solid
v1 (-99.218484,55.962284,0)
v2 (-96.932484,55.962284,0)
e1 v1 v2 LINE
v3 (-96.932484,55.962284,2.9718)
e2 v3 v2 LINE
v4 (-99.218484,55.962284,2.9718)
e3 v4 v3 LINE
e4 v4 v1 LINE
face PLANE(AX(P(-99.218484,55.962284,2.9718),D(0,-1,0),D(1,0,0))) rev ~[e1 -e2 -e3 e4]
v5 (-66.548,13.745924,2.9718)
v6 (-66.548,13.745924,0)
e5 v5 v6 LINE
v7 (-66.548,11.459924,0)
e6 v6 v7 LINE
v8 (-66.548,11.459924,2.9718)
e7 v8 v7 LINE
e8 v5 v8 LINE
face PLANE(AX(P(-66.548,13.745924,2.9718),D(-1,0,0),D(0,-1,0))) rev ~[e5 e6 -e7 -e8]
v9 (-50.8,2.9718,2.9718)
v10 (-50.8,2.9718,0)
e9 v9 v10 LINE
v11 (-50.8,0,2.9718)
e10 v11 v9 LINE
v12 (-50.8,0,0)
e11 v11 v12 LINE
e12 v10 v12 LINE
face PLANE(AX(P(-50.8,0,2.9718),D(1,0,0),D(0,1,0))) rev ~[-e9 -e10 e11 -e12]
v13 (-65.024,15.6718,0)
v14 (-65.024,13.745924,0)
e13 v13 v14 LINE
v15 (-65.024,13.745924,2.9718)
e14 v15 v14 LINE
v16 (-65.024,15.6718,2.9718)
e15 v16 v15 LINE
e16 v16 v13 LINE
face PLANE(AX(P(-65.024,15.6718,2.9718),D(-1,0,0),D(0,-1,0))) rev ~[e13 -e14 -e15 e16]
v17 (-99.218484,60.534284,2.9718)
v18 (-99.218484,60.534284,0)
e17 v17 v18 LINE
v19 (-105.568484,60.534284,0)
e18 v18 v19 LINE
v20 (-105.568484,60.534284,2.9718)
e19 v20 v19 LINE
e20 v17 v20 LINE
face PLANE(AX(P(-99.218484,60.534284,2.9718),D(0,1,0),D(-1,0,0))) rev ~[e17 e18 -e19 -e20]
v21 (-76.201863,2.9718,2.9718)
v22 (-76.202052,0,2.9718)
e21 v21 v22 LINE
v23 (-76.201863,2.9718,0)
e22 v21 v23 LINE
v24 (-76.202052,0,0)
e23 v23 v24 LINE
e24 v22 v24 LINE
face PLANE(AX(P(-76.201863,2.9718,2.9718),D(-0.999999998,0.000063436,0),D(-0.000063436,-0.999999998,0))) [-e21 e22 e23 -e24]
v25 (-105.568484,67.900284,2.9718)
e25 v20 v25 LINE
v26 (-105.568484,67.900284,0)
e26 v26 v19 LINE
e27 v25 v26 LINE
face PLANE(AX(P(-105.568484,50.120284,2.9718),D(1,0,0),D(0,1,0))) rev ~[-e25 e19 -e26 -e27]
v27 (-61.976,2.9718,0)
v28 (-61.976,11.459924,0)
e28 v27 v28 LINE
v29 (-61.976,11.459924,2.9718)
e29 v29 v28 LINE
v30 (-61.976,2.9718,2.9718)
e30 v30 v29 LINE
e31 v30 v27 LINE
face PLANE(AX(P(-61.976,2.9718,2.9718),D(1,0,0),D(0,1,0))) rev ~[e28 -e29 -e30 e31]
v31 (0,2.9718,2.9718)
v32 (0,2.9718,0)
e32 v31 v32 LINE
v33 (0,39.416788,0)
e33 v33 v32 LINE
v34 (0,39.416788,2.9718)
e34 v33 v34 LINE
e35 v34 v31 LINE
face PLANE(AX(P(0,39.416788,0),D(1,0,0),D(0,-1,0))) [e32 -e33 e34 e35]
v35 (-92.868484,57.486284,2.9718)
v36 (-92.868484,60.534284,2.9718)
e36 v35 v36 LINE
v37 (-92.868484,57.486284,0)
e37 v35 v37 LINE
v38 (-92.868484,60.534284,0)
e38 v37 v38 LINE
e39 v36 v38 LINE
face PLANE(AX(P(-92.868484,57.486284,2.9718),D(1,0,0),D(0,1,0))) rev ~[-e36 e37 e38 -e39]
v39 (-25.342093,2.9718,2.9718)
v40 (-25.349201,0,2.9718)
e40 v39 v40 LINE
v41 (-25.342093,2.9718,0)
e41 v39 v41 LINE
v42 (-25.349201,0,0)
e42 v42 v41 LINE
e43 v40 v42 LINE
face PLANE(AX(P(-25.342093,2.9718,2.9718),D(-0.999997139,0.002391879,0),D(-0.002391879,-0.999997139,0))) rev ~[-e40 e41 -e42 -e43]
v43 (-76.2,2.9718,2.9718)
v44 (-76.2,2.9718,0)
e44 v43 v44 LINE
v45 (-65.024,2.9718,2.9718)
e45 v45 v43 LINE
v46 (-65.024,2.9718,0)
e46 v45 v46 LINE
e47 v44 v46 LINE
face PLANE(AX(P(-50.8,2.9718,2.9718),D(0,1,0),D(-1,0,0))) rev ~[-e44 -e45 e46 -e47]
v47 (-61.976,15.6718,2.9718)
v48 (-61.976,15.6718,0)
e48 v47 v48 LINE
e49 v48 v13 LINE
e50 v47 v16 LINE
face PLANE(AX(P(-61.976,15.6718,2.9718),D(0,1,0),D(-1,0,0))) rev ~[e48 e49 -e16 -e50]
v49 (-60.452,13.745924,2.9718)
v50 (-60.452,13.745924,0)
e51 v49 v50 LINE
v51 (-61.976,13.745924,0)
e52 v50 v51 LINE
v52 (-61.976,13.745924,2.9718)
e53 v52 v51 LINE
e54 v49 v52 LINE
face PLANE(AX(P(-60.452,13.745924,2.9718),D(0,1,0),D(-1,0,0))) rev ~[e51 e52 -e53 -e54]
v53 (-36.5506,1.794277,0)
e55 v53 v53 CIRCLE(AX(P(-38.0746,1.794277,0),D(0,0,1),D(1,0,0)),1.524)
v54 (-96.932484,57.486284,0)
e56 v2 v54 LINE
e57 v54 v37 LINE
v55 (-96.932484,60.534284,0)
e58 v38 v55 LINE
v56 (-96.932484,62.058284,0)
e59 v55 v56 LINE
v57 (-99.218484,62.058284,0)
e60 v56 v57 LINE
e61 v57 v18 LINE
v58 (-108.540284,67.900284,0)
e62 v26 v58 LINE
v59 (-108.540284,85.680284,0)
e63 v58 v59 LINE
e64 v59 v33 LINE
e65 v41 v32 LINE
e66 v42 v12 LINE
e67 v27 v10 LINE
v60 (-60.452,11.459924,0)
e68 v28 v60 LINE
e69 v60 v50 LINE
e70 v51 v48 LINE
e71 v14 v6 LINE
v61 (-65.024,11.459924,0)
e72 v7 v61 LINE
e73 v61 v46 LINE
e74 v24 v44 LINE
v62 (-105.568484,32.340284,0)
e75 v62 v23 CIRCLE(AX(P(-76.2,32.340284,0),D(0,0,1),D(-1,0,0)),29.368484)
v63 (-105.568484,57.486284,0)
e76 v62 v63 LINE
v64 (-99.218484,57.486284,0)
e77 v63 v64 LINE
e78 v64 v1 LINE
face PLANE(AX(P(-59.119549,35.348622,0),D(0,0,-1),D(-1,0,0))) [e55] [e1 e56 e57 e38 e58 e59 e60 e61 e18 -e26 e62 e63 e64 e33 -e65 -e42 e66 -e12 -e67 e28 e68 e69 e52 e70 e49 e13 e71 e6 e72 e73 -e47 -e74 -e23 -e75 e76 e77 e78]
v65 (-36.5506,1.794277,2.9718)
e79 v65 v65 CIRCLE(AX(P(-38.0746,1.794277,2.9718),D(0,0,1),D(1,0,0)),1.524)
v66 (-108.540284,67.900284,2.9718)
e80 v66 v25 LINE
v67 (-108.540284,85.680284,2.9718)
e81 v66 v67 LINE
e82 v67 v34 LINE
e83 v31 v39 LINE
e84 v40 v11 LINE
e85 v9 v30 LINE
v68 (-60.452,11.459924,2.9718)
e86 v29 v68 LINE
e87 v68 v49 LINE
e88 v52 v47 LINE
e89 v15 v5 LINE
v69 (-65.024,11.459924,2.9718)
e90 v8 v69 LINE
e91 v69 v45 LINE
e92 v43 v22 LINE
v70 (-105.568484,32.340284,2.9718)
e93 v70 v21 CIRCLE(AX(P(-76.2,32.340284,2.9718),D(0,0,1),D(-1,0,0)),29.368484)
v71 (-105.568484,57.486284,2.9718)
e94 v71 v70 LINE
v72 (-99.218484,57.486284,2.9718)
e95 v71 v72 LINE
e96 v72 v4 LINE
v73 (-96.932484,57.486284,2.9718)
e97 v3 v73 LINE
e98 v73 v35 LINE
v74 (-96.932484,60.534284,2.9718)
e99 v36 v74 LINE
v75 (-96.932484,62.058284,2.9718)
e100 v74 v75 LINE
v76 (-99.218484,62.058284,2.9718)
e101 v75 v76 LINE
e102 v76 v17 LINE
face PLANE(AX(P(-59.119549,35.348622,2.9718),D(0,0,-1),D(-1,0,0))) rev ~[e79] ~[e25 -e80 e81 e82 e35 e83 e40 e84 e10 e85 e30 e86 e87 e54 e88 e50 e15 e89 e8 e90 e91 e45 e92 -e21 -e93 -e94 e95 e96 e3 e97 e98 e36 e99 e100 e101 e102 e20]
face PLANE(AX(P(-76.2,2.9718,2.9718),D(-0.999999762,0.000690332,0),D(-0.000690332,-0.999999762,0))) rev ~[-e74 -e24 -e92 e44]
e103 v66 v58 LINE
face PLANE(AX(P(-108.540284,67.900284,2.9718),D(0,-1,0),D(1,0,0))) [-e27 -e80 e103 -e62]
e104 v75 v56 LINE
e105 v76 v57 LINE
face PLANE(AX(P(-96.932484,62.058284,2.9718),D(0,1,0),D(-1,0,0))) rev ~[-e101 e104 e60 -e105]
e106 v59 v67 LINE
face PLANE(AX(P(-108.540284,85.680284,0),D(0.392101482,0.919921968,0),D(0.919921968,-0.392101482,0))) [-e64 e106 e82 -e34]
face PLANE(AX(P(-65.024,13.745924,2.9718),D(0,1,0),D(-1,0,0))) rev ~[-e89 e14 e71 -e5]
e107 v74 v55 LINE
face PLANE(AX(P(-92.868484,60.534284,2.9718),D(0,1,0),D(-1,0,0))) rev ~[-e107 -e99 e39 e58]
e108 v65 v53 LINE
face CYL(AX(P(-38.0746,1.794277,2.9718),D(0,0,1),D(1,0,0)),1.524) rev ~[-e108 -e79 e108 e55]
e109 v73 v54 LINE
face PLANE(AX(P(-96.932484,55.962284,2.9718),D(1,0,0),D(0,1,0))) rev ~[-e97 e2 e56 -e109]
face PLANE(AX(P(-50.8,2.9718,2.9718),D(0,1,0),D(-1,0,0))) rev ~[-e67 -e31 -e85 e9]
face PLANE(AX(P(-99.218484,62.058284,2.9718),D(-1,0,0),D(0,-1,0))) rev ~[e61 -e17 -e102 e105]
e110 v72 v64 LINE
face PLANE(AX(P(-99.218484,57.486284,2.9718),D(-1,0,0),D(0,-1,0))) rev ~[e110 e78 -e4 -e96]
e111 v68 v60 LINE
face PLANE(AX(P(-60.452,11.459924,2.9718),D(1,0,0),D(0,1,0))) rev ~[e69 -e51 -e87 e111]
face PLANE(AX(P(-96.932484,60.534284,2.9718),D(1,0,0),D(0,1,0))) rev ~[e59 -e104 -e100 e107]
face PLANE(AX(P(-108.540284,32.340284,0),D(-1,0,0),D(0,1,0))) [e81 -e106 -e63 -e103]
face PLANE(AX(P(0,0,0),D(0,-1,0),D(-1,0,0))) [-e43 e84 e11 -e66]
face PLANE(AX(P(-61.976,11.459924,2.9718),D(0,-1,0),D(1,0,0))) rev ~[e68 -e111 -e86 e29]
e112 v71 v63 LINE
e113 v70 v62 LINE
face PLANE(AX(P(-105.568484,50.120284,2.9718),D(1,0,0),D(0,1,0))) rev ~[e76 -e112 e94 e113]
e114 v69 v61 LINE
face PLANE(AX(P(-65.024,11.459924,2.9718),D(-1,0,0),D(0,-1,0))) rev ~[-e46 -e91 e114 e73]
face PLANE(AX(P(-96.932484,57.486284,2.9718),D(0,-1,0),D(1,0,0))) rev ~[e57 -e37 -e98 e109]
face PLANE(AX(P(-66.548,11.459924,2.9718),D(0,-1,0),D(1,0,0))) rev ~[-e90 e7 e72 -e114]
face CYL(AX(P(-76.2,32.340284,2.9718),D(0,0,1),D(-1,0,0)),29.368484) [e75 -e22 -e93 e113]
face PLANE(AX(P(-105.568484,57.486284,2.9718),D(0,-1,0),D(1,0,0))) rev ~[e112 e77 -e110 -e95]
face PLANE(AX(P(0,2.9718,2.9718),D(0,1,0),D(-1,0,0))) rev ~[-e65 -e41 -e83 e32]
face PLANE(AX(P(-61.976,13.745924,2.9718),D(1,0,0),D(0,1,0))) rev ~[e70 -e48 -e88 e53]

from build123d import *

# Parameters (mm, degrees)
BOSS_EXTRUDE1_DEPTH     = 2.9718
SKETCH3_W               = 2.9718
SKETCH3_H               = 17.78
CUT_EXTRUDE4_DEPTH      = 2.9718
CUT_EXTRUDE4_DEPTH_BACK = 3.9718
SKETCH4_R               = 1.524
CUT_EXTRUDE5_DEPTH      = 2.9718
CUT_EXTRUDE6_DEPTH      = 2.9718
CUT_EXTRUDE7_DEPTH      = 1
CUT_EXTRUDE7_DEPTH_BACK = 2.9718


with BuildPart() as part:
    # Sketch1 → Boss-Extrude1 (new body)
    with BuildSketch(Plane.XY):
        with BuildLine():
            Line((0, 0), (-76.2, 0))
            ThreePointArc((-76.2, 0), (-99.068034345, 9.472249971), (-108.540284316, 32.340284316))
            Line((-108.540284316, 32.340284316), (-108.540284316, 85.680284316))
            Line((-108.540284316, 85.680284316), (0, 39.416788246))
            Line((0, 39.416788246), (0, 0))
        make_face()
    extrude(amount=BOSS_EXTRUDE1_DEPTH)

    # Sketch3 → Cut-Extrude4 (cut, two sides)
    with BuildSketch(Plane.XY.offset(2.9718)) as cut_extrude4_sk:
        Polygon((-25.342092582, 2.9718), (-25.349200788, 0), (0, 0), (0, 2.9718), align=None)
        with BuildLine():
            Line((-76.2, 2.9718), (-76.202051529, 6.5e-08))
            ThreePointArc((-76.202051529, 6.5e-08), (-76.201025765, 1.6e-08), (-76.2, 0))
            Line((-76.2, 0), (-50.8, 0))
            Line((-50.8, 0), (-50.8, 2.9718))
            Line((-50.8, 2.9718), (-76.2, 2.9718))
        make_face()
        with Locations((-107.054384316, 59.010284316)):
            Rectangle(SKETCH3_W, SKETCH3_H)
    extrude(amount=CUT_EXTRUDE4_DEPTH, mode=Mode.SUBTRACT)
    extrude(cut_extrude4_sk.sketch, amount=-CUT_EXTRUDE4_DEPTH_BACK, mode=Mode.SUBTRACT)

    # Sketch4 → Cut-Extrude5 (cut)
    with BuildSketch(Plane.XY.offset(2.9718)):
        with Locations((-38.074600394, 1.794277041)):
            Circle(SKETCH4_R)
    extrude(amount=-CUT_EXTRUDE5_DEPTH, mode=Mode.SUBTRACT)

    # Sketch5 → Cut-Extrude6 (cut)
    with BuildSketch(Plane.XY.offset(2.9718)):
        Polygon((-105.568484316, 60.534284316), (-105.568484316, 59.010284316), (-92.868484316, 59.010284316), (-92.868484316, 60.534284316), (-96.932484316, 60.534284316), (-96.932484316, 62.058284316), (-99.218484316, 62.058284316), (-99.218484316, 60.534284316), align=None)
        Polygon((-92.868484316, 59.010284316), (-105.568484316, 59.010284316), (-105.568484316, 57.486284316), (-99.218484316, 57.486284316), (-99.218484316, 55.962284316), (-96.932484316, 55.962284316), (-96.932484316, 57.486284316), (-92.868484316, 57.486284316), align=None)
        Polygon((-65.024, 2.9718), (-63.5, 2.9718), (-63.5, 15.6718), (-65.024, 15.6718), (-65.024, 13.745923506), (-66.548, 13.745923506), (-66.548, 11.459923506), (-65.024, 11.459923506), align=None)
        Polygon((-63.5, 15.6718), (-63.5, 2.9718), (-61.976, 2.9718), (-61.976, 11.459923506), (-60.452, 11.459923506), (-60.452, 13.745923506), (-61.976, 13.745923506), (-61.976, 15.6718), align=None)
    extrude(amount=-CUT_EXTRUDE6_DEPTH, mode=Mode.SUBTRACT)

    # Sketch6 → Cut-Extrude7 (cut, two sides)
    with BuildSketch(Plane.XY.offset(2.9718)) as cut_extrude7_sk:
        with BuildLine():
            ThreePointArc((-105.568484316, 32.340284316), (-96.967313076, 11.574288587), (-76.201863011, 2.971800059))
            Line((-76.201863011, 2.971800059), (-76.202051529, 6.5e-08))
            ThreePointArc((-76.202051529, 6.5e-08), (-99.068759659, 9.472975307), (-108.540284316, 32.340284316))
            Line((-108.540284316, 32.340284316), (-108.540284316, 50.120284316))
            Line((-108.540284316, 50.120284316), (-105.568484316, 50.120284316))
            Line((-105.568484316, 50.120284316), (-105.568484316, 32.340284316))
        make_face()
    extrude(amount=CUT_EXTRUDE7_DEPTH, mode=Mode.SUBTRACT)
    extrude(cut_extrude7_sk.sketch, amount=-CUT_EXTRUDE7_DEPTH_BACK, mode=Mode.SUBTRACT)


solid = part.part
